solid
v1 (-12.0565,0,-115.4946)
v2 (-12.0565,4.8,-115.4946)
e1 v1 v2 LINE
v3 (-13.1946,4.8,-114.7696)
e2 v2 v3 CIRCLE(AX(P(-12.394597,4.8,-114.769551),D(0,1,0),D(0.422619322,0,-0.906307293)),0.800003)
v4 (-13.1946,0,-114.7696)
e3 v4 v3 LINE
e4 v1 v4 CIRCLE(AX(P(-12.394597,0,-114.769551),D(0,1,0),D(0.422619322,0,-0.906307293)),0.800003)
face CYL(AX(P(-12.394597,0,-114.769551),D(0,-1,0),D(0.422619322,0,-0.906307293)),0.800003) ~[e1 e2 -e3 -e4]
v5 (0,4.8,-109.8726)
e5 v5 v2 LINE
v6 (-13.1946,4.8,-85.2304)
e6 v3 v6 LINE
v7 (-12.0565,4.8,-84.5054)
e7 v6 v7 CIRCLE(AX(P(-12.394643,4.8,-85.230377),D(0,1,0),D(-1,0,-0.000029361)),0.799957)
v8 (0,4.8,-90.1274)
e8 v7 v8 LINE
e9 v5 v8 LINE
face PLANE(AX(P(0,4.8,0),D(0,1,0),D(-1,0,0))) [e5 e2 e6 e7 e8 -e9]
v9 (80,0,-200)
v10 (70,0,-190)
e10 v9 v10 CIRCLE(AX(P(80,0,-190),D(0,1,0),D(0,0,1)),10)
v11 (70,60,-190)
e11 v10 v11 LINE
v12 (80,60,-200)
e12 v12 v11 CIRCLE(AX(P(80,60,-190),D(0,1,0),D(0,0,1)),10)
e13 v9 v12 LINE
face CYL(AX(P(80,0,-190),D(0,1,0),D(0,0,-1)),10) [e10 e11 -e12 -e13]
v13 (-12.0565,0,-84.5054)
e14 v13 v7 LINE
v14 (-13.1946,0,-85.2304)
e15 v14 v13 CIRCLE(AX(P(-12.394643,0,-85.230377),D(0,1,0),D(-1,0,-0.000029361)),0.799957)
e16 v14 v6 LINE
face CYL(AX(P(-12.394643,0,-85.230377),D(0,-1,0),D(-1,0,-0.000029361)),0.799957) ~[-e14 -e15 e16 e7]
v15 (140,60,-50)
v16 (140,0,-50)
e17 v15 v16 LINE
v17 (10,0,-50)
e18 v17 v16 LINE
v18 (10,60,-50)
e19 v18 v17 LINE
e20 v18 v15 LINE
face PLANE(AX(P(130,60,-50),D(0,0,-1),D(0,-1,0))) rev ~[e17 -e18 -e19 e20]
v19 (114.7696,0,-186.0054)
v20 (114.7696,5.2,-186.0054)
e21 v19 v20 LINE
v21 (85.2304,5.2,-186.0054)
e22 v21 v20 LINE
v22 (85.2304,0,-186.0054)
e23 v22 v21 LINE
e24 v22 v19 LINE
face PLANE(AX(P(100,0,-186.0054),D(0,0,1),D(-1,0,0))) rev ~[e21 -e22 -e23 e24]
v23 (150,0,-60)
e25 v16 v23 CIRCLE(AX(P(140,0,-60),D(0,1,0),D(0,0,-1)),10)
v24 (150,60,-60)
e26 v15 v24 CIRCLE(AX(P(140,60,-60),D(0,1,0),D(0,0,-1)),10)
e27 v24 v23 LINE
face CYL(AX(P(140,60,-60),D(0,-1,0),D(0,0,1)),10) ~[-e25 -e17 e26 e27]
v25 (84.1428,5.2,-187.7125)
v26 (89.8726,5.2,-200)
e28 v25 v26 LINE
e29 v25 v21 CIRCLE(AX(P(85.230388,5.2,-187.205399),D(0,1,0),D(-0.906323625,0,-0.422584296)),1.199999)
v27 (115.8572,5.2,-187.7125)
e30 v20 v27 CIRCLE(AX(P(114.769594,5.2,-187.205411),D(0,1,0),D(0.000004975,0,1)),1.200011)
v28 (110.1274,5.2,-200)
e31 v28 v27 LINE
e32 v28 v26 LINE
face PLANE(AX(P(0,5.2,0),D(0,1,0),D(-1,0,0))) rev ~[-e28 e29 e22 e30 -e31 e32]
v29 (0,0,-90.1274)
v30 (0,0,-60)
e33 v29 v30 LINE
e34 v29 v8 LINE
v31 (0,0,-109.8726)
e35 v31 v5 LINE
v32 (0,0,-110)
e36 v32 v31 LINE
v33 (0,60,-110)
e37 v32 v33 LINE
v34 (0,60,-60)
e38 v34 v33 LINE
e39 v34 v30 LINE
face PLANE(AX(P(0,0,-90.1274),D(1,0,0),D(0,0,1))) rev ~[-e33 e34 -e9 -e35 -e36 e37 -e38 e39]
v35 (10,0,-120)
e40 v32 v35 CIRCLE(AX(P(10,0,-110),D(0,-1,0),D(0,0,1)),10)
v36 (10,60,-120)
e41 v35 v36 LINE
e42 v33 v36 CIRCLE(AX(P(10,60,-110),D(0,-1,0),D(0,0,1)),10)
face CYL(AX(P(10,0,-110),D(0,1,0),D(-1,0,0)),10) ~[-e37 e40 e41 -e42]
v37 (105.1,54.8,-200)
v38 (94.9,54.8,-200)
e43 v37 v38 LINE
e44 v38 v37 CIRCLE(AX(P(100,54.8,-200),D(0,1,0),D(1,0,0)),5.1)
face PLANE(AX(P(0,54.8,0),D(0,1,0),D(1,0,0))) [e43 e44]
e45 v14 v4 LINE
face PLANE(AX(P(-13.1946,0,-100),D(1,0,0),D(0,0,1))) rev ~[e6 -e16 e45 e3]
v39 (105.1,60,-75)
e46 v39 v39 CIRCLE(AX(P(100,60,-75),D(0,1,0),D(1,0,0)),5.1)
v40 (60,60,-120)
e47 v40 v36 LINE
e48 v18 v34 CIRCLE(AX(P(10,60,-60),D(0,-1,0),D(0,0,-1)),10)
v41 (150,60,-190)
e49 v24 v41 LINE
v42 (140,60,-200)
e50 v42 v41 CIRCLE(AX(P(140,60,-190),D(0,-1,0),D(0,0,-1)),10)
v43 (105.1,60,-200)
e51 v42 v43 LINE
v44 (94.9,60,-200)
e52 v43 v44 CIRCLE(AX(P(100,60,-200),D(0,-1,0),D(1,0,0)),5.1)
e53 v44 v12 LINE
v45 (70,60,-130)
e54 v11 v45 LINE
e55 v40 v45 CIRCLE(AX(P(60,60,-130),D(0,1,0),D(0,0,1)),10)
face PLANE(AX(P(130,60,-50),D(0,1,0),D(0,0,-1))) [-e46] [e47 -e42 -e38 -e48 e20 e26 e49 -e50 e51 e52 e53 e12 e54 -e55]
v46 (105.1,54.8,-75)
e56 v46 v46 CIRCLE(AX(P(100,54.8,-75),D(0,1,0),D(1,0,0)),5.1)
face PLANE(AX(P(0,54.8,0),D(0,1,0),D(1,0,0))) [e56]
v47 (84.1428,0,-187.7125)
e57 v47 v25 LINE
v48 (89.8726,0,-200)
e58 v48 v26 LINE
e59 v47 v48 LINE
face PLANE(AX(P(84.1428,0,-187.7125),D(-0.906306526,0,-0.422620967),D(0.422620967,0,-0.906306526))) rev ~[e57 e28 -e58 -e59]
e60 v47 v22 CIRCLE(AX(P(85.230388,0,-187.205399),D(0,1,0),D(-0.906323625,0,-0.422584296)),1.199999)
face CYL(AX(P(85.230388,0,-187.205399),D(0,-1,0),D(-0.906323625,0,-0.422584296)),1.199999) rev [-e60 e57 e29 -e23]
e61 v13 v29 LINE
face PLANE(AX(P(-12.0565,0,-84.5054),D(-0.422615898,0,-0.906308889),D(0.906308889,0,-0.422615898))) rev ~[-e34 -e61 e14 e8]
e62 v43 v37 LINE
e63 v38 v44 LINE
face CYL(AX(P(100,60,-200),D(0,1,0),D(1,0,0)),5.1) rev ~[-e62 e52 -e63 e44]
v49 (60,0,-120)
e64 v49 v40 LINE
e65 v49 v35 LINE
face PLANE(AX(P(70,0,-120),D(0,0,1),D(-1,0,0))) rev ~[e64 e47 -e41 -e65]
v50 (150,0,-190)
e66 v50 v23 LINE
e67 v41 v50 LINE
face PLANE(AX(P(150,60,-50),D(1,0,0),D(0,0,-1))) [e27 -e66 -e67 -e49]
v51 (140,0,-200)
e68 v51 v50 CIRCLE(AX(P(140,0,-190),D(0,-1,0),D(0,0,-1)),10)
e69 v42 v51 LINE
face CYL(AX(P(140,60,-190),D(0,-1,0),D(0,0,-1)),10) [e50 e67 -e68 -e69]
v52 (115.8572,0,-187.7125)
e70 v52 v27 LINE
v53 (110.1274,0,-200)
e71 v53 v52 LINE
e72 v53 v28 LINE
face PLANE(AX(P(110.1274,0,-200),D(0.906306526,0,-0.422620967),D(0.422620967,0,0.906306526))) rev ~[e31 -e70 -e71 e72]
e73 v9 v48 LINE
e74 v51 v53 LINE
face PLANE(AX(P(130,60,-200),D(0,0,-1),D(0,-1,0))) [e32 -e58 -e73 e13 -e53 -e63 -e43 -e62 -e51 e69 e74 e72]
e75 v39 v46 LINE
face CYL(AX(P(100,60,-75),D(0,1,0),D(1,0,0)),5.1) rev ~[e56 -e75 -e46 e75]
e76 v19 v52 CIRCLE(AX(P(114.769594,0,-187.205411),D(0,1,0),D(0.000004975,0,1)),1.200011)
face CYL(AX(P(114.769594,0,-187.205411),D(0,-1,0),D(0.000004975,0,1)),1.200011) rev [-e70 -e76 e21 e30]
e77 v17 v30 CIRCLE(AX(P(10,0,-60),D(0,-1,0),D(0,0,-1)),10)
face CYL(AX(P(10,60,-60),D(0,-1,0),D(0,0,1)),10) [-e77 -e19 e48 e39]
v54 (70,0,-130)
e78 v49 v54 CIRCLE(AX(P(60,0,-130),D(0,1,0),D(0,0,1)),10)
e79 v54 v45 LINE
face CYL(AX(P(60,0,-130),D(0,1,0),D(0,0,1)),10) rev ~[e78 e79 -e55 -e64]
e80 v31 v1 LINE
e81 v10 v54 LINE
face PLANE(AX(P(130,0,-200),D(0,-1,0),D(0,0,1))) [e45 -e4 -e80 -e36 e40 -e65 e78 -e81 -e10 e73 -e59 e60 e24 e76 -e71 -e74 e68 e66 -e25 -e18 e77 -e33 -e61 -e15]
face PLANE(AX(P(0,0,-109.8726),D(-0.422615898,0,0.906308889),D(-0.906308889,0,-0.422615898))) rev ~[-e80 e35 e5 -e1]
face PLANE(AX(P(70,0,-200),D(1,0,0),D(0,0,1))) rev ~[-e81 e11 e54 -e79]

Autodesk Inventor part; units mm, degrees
ref_plane "YZ Plane" through (0, 0, 0) normal (1, 0, 0) x (0, 1, 0)
ref_plane "XZ Plane" through (0, 0, 0) normal (0, 1, 0) x (-1, 0, 0)
ref_plane "XY Plane" through (0, 0, 0) normal (0, 0, 1) x (1, 0, 0)
sketch "Sketch1" plane through (0, 0, 0) normal (0, 1, 0) x (-1, 0, 0)
  line L0 (0, 0) -> (-200, 0)
  line L1 (-200, 0) -> (-200, -200)
  line L2 (-200, -200) -> (0, -200)
  line L3 (0, -200) -> (0, 0)
  line L4 (-89.8726, -200) -> (-110.1274, -200)
  line L5 (-114.7696, -186.0054) -> (-100, -186.0054)
  line L6 (-110.1274, -200) -> (-115.8572, -187.7125)
  arc A0 (-114.7696, -186.0054) -> (-115.8572, -187.7125) centre (-114.7696, -187.2054) ccw
  line L7 (-100, -186.0054) -> (-85.2304, -186.0054)
  line L8 (-90, -199.8) -> (-90, -186.3697) construction
  arc A1 (-84.1428, -187.7125) -> (-85.2304, -186.0054) centre (-85.2304, -187.2054) ccw
  line L9 (-84.1428, -187.7125) -> (-89.8726, -200)
  line L10 (-0.2, -90) -> (13.2303, -90) construction
  arc A2 (12.0565, -115.4946) -> (13.1946, -114.7696) centre (12.3946, -114.7696) ccw
  line L11 (0, -109.8726) -> (12.0565, -115.4946)
  line L12 (0, -90.1274) -> (0, -109.8726)
  line L13 (13.1946, -114.7696) -> (13.1946, -100)
  line L14 (12.0565, -84.5054) -> (0, -90.1274)
  line L15 (13.1946, -100) -> (13.1946, -85.2304)
  arc A3 (13.1946, -85.2304) -> (12.0565, -84.5054) centre (12.3946, -85.2304) ccw
  point P0 (-100, -200)
  point P1 (-100, -200)
  point P2 (-100, -200)
  point P3 (-83.6607, -186.2054)
  point P4 (-100, -200)
  point P5 (0, -100)
  point P6 (0, -100)
  point P7 (0, -100)
  point P8 (0, -100)
  point P9 (0, -100)
  point P10 (0, -100)
  dimension "d0" = 200
  dimension "d1" = 200
  dimension "d2" = 15
extrude "Extrusion1" add sketch "Sketch1" along normal blind 60 contours L3 L2 L9 A1 L7 L5 A0 L6 L1 L0 | L6 A0 L5 L7 A1 L9 L2
extrude "Extrusion3" cut sketch "Sketch1" along normal blind 5.2 contours L6 A0 L5 L7 A1 L9 L2
sketch "Sketch2" plane through (0, 60, 0) normal (0, 1, 0) x (1, 0, 0)
  point P0 (0, 0)
sketch "Sketch3" plane through (0, 60, 0) normal (0, 1, 0) x (1, 0, 0)
  line L0 (0, 0) -> (200, 0) projected
  circle A0 centre (100, 75) radius 5.1
  line L1 (200, 200) -> (0, 200) projected
  circle A1 centre (100, 200) radius 5.1
  dimension "d10" = 10.2
  dimension "d11" = 10.2
extrude "Extrusion4" cut sketch "Sketch3" against normal blind 5.2
extrude "Extrusion5" add sketch "Sketch1" along normal blind 4.8 contours L14 A3 L15 L13 A2 L11 L3
sketch "Sketch4" plane through (0, 60, 0) normal (0, 1, 0) x (1, 0, 0)
  line L0 (0, 200) -> (0, 0) projected
  line L1 (200, 0) -> (200, 200) projected
  line L2 (0, 0) -> (200, 0)
  line L3 (200, 0) -> (200, 50)
  line L4 (200, 50) -> (0, 50)
  line L5 (0, 50) -> (0, 0)
  line L6 (200, 200) -> (110.1274, 200) projected
  line L7 (200, 0) -> (130, 0)
  line L8 (130, 0) -> (130, 200)
  line L9 (130, 200) -> (200, 200)
  line L10 (200, 200) -> (200, 0)
  point P0 (130, 50)
  dimension "d16" = 50
  dimension "d17" = 70
extrude "Extrusion6" cut sketch "Sketch4" against normal blind 60
sketch "Sketch5" plane through (0, 0, 0) normal (0, -1, 0) x (1, 0, 0)
  line L0 (89.8726, -200) -> (0, -200) projected
  line L1 (0, -200) -> (70, -200)
  line L2 (70, -200) -> (70, -120)
  line L3 (70, -120) -> (0, -120)
  line L4 (0, -120) -> (0, -200)
  point P0 (0, 0)
  dimension "d20" = 70
  dimension "d21" = 80
extrude "Extrusion7" cut sketch "Sketch5" against normal blind 60
sketch "Sketch6" plane through (130, 60, -50) normal (1, 0, 0) x (0, 0, -1)
  line L0 (0, 0) -> (0, -60) projected
  line L1 (150, -60) -> (0, -60) projected
  line L2 (0, 0) -> (150, 0)
  line L3 (150, 0) -> (150, -60)
  line L4 (150, -60) -> (0, -60)
  line L5 (0, -60) -> (0, 0)
  point P0 (-50, -60)
extrude "Extrusion8" add sketch "Sketch6" along normal blind 20
fillet "Fillet2" radius 10 6 edges at (150, 30, -200) (70, 30, -200) (0, 30, -120) (150, 30, -50) (70, 30, -120) (0, 30, -50)
properties part number "Area øh1"
